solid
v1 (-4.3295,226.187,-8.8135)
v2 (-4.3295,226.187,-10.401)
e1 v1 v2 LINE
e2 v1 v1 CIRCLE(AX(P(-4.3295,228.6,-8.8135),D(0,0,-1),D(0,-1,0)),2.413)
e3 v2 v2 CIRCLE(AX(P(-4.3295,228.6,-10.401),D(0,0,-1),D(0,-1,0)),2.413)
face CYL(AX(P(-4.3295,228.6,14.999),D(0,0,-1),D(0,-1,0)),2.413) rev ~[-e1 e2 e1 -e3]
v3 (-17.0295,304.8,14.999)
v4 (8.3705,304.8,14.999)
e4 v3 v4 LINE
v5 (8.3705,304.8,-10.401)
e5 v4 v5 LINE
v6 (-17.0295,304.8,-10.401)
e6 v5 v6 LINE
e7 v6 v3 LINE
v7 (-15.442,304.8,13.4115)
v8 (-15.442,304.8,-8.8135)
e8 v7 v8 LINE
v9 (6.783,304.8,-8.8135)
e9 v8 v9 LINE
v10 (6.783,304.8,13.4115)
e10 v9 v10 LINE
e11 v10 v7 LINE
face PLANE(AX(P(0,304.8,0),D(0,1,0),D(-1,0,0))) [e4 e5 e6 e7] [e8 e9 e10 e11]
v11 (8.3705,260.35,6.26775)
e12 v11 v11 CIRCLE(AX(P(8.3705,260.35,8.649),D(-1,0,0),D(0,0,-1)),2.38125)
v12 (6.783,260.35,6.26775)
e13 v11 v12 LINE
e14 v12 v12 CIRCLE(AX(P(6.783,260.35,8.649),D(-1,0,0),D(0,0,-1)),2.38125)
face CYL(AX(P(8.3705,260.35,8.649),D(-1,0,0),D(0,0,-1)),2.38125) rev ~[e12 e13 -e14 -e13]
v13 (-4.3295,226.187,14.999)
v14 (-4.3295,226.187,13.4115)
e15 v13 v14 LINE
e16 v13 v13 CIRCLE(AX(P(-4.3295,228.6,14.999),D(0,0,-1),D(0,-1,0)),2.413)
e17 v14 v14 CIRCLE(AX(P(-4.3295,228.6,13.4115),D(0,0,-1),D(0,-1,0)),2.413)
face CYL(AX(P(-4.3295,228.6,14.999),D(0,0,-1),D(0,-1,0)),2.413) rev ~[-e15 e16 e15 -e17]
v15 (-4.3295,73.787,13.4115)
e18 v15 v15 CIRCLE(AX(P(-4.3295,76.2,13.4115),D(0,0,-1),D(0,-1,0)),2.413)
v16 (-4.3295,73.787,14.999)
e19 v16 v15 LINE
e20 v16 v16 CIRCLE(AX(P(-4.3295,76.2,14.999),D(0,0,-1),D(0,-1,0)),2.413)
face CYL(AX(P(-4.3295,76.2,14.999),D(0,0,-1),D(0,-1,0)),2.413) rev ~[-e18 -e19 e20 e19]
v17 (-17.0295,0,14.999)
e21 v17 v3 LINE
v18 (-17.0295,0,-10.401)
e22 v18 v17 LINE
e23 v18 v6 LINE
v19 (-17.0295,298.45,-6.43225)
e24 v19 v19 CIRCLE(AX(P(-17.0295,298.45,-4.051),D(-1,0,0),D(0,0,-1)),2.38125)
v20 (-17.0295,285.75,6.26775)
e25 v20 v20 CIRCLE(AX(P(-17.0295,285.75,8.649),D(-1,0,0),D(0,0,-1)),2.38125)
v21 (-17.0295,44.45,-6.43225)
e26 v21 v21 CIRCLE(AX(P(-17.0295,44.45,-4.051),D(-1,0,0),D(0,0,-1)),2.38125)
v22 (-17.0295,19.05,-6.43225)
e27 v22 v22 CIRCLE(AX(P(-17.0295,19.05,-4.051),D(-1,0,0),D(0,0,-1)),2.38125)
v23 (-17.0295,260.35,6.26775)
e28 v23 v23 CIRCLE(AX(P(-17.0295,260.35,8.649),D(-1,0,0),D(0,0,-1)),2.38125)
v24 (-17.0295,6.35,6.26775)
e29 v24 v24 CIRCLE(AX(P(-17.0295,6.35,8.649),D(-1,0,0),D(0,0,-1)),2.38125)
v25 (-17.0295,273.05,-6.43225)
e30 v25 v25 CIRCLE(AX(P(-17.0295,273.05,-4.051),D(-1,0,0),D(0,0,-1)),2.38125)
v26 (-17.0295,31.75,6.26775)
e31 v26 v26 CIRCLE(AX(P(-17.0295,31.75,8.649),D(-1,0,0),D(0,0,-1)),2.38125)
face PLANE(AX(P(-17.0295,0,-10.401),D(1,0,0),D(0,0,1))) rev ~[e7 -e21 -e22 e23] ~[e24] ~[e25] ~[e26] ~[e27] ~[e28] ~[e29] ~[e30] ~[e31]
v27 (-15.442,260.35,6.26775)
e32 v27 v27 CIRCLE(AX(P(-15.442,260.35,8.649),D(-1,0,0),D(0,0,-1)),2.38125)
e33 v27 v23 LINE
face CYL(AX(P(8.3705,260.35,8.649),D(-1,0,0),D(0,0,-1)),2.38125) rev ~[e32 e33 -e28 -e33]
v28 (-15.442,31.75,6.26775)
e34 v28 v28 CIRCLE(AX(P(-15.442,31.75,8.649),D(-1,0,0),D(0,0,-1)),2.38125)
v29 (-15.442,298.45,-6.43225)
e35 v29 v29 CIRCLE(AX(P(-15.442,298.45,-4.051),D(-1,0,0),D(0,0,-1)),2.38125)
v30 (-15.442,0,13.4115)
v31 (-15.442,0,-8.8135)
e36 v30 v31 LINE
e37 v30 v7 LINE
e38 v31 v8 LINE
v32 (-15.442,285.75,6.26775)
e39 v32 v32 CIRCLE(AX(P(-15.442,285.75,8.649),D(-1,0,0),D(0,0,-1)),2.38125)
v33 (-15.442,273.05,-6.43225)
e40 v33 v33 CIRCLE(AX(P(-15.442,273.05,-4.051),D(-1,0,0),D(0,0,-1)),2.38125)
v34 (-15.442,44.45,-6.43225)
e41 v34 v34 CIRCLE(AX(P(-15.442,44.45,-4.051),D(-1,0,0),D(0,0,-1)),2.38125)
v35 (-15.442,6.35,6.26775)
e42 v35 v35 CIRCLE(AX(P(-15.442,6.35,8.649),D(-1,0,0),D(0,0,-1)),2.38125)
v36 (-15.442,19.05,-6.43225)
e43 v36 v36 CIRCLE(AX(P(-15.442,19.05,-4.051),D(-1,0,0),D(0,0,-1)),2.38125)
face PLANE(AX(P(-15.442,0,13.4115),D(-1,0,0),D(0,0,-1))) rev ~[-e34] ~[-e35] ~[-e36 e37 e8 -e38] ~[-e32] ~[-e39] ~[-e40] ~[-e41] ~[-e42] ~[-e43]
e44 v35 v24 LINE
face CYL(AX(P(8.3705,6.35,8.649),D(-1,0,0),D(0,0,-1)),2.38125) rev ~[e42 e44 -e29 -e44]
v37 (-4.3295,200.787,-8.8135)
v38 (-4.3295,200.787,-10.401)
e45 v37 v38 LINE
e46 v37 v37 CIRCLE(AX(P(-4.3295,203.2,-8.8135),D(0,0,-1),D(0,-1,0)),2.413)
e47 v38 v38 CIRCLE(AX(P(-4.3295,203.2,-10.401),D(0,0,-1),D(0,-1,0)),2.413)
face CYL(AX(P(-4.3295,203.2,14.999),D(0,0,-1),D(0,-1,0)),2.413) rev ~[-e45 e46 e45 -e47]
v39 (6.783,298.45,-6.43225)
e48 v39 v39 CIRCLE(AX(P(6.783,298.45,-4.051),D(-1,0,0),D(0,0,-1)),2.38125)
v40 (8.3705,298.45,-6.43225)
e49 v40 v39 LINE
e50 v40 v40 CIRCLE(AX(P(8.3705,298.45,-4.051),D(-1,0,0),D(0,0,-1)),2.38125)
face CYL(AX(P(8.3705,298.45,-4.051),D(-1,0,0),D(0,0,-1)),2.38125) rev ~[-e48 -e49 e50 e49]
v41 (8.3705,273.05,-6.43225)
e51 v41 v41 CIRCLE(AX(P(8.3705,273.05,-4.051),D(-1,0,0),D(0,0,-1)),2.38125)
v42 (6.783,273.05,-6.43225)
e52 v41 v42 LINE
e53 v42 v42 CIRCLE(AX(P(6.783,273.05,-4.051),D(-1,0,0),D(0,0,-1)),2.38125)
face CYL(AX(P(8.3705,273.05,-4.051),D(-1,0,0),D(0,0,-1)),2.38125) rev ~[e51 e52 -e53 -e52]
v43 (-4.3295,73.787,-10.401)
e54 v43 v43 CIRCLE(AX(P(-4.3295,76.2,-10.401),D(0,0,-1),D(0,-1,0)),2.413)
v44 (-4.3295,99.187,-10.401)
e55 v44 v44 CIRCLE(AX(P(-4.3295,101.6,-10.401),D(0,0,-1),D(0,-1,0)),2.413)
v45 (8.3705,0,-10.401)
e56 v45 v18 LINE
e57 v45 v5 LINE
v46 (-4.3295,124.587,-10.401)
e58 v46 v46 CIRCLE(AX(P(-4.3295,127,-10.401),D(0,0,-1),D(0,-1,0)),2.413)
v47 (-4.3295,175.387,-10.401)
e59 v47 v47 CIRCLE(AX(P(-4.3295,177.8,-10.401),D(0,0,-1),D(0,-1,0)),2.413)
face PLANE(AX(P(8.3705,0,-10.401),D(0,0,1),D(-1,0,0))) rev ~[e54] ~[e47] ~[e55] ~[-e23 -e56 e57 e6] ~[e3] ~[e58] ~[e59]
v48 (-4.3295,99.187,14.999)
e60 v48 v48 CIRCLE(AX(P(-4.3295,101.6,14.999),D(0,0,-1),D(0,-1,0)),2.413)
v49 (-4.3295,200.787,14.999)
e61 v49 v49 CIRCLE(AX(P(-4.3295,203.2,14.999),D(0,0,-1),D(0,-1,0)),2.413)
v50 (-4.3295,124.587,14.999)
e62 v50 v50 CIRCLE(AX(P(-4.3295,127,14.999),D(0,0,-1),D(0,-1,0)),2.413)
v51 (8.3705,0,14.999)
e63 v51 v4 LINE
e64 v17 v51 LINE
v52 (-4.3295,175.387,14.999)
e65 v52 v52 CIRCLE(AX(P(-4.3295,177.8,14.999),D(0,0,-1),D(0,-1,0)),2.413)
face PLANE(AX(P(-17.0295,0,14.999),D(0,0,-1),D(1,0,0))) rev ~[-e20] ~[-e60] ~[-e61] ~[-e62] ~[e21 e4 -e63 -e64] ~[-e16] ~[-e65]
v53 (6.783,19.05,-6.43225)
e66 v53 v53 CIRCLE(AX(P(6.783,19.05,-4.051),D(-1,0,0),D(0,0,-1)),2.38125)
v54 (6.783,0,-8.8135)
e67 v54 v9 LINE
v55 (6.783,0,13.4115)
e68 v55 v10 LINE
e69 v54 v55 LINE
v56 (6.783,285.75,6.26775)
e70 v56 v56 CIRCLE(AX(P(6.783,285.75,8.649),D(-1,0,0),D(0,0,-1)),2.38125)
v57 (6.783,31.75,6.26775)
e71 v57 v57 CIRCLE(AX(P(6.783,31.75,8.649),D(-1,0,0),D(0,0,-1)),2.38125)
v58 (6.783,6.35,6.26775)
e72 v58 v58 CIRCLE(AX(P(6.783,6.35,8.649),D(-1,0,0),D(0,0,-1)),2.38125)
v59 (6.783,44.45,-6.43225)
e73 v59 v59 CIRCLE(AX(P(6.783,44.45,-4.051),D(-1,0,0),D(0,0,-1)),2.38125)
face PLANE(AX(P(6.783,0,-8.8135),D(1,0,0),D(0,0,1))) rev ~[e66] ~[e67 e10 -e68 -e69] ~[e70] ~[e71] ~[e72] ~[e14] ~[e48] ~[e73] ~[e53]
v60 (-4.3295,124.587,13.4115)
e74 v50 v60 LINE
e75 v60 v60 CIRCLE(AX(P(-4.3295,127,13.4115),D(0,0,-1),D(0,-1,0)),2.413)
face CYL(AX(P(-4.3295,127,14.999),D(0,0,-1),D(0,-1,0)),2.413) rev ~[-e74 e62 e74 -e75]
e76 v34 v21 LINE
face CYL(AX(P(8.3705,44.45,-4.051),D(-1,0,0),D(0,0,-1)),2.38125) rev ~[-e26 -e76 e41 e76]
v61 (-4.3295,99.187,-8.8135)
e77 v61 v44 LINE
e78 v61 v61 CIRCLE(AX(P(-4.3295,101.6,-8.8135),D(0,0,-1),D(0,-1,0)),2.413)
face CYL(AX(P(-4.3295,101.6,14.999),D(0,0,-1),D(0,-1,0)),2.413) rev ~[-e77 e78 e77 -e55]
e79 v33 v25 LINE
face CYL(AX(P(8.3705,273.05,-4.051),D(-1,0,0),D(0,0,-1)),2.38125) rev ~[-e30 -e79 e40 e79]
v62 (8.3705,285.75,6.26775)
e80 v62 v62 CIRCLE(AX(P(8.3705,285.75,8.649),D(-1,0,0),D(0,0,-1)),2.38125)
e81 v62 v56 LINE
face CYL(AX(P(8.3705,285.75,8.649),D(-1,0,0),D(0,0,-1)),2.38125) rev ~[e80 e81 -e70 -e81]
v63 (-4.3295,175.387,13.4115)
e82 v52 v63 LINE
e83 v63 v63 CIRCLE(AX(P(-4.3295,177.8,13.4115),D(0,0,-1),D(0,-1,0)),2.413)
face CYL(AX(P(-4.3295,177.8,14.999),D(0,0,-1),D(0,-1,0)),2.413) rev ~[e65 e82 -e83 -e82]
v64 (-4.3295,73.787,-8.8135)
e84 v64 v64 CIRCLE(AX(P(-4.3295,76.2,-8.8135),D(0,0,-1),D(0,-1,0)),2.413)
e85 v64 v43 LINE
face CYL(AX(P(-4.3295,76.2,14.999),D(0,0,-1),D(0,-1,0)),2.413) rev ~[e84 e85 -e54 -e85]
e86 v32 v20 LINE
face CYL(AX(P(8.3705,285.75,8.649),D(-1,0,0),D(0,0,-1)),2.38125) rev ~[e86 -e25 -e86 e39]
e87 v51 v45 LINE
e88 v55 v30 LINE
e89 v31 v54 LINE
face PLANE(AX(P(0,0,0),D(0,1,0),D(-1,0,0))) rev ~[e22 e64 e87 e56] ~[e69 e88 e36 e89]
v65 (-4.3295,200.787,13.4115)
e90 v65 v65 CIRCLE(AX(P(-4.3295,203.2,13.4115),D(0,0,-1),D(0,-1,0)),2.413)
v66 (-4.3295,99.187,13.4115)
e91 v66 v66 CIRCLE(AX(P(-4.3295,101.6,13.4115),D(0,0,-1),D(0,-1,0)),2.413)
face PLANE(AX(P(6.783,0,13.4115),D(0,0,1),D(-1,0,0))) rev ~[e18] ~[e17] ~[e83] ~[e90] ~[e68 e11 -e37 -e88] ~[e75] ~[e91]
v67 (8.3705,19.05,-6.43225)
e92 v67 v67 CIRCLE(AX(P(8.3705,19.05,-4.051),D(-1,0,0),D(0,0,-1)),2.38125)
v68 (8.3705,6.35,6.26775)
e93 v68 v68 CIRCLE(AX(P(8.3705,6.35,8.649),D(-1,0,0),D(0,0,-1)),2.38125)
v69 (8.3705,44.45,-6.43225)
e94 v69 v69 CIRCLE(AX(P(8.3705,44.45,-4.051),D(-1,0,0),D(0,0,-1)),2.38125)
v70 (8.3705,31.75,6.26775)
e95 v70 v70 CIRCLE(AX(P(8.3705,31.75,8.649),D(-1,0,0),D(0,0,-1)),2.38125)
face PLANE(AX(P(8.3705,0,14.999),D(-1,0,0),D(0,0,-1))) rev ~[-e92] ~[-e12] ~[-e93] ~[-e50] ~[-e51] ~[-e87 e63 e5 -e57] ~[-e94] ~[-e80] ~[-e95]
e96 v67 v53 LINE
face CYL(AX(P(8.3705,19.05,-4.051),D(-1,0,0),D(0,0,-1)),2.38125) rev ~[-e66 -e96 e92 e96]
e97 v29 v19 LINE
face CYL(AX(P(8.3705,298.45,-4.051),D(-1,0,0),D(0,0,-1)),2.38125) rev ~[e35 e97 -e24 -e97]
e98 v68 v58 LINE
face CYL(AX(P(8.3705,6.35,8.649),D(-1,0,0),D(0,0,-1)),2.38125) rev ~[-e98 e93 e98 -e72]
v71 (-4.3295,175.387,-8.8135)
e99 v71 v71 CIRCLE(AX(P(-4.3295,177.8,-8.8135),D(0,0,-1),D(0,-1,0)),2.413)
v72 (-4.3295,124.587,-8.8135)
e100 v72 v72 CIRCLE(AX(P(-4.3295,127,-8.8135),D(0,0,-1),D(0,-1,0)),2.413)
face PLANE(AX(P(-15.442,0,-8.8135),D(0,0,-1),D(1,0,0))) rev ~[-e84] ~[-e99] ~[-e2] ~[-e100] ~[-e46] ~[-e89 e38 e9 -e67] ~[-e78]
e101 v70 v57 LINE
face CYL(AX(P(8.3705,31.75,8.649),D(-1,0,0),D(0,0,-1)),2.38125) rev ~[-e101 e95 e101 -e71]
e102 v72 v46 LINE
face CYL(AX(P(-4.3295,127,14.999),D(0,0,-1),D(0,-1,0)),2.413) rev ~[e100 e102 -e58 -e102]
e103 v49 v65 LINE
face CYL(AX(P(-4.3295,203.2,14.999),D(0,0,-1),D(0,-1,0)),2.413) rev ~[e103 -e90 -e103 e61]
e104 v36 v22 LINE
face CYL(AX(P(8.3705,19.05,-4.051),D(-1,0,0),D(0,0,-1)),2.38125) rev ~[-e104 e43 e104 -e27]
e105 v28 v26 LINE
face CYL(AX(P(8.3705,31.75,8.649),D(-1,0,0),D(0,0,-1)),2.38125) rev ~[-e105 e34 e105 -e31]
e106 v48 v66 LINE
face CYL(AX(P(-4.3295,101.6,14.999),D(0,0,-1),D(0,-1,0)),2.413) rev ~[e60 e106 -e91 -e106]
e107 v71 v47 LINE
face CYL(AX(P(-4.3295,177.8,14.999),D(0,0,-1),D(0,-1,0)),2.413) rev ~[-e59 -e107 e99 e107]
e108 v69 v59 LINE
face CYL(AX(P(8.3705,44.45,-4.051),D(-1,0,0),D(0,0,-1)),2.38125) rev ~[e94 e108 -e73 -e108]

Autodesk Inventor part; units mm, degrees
ref_plane "YZ Plane" through (0, 0, 0) normal (1, 0, 0) x (0, 1, 0)
ref_plane "XZ Plane" through (0, 0, 0) normal (0, 1, 0) x (-1, 0, 0)
ref_plane "XY Plane" through (0, 0, 0) normal (0, 0, 1) x (1, 0, 0)
sketch "Sketch1" plane through (0, 0, 0) normal (0, 1, 0) x (-1, 0, 0)
  line L0 (17.0295, 14.999) -> (-8.3705, 14.999)
  line L1 (-8.3705, 14.999) -> (-8.3705, -10.401)
  line L2 (-8.3705, -10.401) -> (17.0295, -10.401)
  line L3 (17.0295, -10.401) -> (17.0295, 14.999)
  line L4 (15.442, -8.8135) -> (-6.783, -8.8135)
  line L5 (-6.783, -8.8135) -> (-6.783, 13.4115)
  line L6 (-6.783, 13.4115) -> (15.442, 13.4115)
  line L7 (15.442, 13.4115) -> (15.442, -8.8135)
  point P0 (0, 0)
  dimension "d0" = 25.4
  dimension "d1" = 25.4
  dimension "d4" = 1.5875
  dimension "d5" = 1.5875
  dimension "d6" = 1.5875
  dimension "d7" = 1.5875
extrude "Extrusion2" add sketch "Sketch1" along normal blind 304.8
sketch "Sketch2" plane through (8.3705, 0, 14.999) normal (1, 0, 0) x (0, 0, -1)
  line L0 (0, 304.8) -> (25.4, 304.8) projected
  line L1 (25.4, 0) -> (25.4, 304.8) projected
  line L2 (0, 0) -> (0, 304.8) projected
  point P0 (14.999, 0)
  point P1 (19.05, 298.45)
  point P2 (19.05, 273.05)
  point P3 (6.35, 285.75)
  point P4 (6.35, 260.35)
  dimension "d10" = 6.35
  dimension "d11" = 6.35
  dimension "d12" = 6.35
  dimension "d13" = 25.4
  dimension "d14" = 6.35
  dimension "d15" = 25.4
  dimension "d16" = 6.35
  dimension "d17" = 19.05
hole "Hole1" at (8.3705, 298.45, -4.051) at (8.3705, 273.05, -4.051) at (8.3705, 285.75, 8.649) at (8.3705, 260.35, 8.649) direction (-1, 0, 0) diameter 4.7625 depth 25.4 tip angle 118
sketch "Sketch3" plane through (8.3705, 0, 14.999) normal (1, 0, 0) x (0, 0, -1)
  line L0 (25.4, 0) -> (25.4, 304.8) projected
  line L1 (0, 0) -> (25.4, 0) projected
  line L2 (0, 0) -> (0, 304.8) projected
  point P0 (14.999, 0)
  point P1 (6.35, 6.35)
  point P2 (19.05, 19.05)
  point P3 (6.35, 31.75)
  point P4 (19.05, 44.45)
  dimension "d25" = 6.35
  dimension "d26" = 6.35
  dimension "d27" = 19.05
  dimension "d28" = 25.4
  dimension "d29" = 6.35
  dimension "d30" = 6.35
  dimension "d31" = 6.35
  dimension "d32" = 25.4
hole "Hole2" at (8.3705, 6.35, 8.649) at (8.3705, 19.05, -4.051) at (8.3705, 31.75, 8.649) at (8.3705, 44.45, -4.051) direction (-1, 0, 0) diameter 4.7625 depth 25.4 tip angle 118
sketch "Sketch4" plane through (-17.0295, 0, 14.999) normal (0, 0, 1) x (1, 0, 0)
  line L0 (0, 0) -> (0, 304.8) projected
  line L1 (0, 0) -> (25.4, 0) projected
  line L2 (0, 304.8) -> (25.4, 304.8) projected
  point P0 (17.0295, 0)
  point P1 (12.7, 76.2)
  point P2 (12.7, 101.6)
  point P3 (12.7, 127)
  point P4 (12.7, 177.8)
  point P5 (12.7, 228.6)
  point P6 (12.7, 203.2)
  dimension "d40" = 12.7
  dimension "d41" = 12.7
  dimension "d42" = 12.7
  dimension "d43" = 25.4
  dimension "d44" = 25.4
  dimension "d45" = 76.2
  dimension "d46" = 12.7
  dimension "d47" = 12.7
  dimension "d48" = 12.7
  dimension "d49" = 25.4
  dimension "d50" = 25.4
  dimension "d51" = 76.2
hole "Hole3" at (-4.3295, 76.2, 14.999) at (-4.3295, 101.6, 14.999) at (-4.3295, 127, 14.999) at (-4.3295, 177.8, 14.999) at (-4.3295, 228.6, 14.999) at (-4.3295, 203.2, 14.999) direction (0, 0, -1) diameter 4.826 depth 25.4 tip angle 118.188
equation "\"d0\" = ElvBeamWidth"
equation "\"d1\" = ElvBeamWidth"
equation "\"d4\" = ElvWallWidth"
equation "\"d5\" = ElvWallWidth"
equation "\"d6\" = ElvWallWidth"
equation "\"d7\" = ElvWallWidth"
equation "\"d8\" = ElvCrossBeamLength"
equation "\"ElvMiddleBeamLength\" = 990.6"
equation "\"ElvWallWidth\" = 1.5875"
equation "\"ElvFrontBeamLength\" = 990.6"
equation "\"ElvEndEffectLength\" = 431.8"
equation "\"ElvCrossBeamLength\" = 304.8"
equation "\"ElvBeamWidth\" = 25.4"
equation "\"ElvFrontBeamLength_1\" = 1066.8"
equation "\"ElvFixedBeamLength\" = 990.6"
equation "\"ElvDelHeight\" = 101.6"
equation "\"ElvDelFrontTabLength\" = 6.35"
equation "\"ElvDelWidth\" = 18.542"
equation "\"ElvDelDepth\" = 6.35"
equation "\"ElvTopBeamLength\" = 457.2"
equation "\"ElvHoleFromBottom\" = 38.1"
equation "\"ElvHoleFromMid\" = 38.1"
equation "\"ElvHoleFromFixed\" = 50.8"
equation "\"ElvHoleFromFront\" = 25.4"
equation "\"ElvRivetPlateLength\" = 76.2"
equation "\"ElvDelMiddleTabLength\" = 6.35"
properties part number "ElvCrossBeam" material "Aluminum 6061"
